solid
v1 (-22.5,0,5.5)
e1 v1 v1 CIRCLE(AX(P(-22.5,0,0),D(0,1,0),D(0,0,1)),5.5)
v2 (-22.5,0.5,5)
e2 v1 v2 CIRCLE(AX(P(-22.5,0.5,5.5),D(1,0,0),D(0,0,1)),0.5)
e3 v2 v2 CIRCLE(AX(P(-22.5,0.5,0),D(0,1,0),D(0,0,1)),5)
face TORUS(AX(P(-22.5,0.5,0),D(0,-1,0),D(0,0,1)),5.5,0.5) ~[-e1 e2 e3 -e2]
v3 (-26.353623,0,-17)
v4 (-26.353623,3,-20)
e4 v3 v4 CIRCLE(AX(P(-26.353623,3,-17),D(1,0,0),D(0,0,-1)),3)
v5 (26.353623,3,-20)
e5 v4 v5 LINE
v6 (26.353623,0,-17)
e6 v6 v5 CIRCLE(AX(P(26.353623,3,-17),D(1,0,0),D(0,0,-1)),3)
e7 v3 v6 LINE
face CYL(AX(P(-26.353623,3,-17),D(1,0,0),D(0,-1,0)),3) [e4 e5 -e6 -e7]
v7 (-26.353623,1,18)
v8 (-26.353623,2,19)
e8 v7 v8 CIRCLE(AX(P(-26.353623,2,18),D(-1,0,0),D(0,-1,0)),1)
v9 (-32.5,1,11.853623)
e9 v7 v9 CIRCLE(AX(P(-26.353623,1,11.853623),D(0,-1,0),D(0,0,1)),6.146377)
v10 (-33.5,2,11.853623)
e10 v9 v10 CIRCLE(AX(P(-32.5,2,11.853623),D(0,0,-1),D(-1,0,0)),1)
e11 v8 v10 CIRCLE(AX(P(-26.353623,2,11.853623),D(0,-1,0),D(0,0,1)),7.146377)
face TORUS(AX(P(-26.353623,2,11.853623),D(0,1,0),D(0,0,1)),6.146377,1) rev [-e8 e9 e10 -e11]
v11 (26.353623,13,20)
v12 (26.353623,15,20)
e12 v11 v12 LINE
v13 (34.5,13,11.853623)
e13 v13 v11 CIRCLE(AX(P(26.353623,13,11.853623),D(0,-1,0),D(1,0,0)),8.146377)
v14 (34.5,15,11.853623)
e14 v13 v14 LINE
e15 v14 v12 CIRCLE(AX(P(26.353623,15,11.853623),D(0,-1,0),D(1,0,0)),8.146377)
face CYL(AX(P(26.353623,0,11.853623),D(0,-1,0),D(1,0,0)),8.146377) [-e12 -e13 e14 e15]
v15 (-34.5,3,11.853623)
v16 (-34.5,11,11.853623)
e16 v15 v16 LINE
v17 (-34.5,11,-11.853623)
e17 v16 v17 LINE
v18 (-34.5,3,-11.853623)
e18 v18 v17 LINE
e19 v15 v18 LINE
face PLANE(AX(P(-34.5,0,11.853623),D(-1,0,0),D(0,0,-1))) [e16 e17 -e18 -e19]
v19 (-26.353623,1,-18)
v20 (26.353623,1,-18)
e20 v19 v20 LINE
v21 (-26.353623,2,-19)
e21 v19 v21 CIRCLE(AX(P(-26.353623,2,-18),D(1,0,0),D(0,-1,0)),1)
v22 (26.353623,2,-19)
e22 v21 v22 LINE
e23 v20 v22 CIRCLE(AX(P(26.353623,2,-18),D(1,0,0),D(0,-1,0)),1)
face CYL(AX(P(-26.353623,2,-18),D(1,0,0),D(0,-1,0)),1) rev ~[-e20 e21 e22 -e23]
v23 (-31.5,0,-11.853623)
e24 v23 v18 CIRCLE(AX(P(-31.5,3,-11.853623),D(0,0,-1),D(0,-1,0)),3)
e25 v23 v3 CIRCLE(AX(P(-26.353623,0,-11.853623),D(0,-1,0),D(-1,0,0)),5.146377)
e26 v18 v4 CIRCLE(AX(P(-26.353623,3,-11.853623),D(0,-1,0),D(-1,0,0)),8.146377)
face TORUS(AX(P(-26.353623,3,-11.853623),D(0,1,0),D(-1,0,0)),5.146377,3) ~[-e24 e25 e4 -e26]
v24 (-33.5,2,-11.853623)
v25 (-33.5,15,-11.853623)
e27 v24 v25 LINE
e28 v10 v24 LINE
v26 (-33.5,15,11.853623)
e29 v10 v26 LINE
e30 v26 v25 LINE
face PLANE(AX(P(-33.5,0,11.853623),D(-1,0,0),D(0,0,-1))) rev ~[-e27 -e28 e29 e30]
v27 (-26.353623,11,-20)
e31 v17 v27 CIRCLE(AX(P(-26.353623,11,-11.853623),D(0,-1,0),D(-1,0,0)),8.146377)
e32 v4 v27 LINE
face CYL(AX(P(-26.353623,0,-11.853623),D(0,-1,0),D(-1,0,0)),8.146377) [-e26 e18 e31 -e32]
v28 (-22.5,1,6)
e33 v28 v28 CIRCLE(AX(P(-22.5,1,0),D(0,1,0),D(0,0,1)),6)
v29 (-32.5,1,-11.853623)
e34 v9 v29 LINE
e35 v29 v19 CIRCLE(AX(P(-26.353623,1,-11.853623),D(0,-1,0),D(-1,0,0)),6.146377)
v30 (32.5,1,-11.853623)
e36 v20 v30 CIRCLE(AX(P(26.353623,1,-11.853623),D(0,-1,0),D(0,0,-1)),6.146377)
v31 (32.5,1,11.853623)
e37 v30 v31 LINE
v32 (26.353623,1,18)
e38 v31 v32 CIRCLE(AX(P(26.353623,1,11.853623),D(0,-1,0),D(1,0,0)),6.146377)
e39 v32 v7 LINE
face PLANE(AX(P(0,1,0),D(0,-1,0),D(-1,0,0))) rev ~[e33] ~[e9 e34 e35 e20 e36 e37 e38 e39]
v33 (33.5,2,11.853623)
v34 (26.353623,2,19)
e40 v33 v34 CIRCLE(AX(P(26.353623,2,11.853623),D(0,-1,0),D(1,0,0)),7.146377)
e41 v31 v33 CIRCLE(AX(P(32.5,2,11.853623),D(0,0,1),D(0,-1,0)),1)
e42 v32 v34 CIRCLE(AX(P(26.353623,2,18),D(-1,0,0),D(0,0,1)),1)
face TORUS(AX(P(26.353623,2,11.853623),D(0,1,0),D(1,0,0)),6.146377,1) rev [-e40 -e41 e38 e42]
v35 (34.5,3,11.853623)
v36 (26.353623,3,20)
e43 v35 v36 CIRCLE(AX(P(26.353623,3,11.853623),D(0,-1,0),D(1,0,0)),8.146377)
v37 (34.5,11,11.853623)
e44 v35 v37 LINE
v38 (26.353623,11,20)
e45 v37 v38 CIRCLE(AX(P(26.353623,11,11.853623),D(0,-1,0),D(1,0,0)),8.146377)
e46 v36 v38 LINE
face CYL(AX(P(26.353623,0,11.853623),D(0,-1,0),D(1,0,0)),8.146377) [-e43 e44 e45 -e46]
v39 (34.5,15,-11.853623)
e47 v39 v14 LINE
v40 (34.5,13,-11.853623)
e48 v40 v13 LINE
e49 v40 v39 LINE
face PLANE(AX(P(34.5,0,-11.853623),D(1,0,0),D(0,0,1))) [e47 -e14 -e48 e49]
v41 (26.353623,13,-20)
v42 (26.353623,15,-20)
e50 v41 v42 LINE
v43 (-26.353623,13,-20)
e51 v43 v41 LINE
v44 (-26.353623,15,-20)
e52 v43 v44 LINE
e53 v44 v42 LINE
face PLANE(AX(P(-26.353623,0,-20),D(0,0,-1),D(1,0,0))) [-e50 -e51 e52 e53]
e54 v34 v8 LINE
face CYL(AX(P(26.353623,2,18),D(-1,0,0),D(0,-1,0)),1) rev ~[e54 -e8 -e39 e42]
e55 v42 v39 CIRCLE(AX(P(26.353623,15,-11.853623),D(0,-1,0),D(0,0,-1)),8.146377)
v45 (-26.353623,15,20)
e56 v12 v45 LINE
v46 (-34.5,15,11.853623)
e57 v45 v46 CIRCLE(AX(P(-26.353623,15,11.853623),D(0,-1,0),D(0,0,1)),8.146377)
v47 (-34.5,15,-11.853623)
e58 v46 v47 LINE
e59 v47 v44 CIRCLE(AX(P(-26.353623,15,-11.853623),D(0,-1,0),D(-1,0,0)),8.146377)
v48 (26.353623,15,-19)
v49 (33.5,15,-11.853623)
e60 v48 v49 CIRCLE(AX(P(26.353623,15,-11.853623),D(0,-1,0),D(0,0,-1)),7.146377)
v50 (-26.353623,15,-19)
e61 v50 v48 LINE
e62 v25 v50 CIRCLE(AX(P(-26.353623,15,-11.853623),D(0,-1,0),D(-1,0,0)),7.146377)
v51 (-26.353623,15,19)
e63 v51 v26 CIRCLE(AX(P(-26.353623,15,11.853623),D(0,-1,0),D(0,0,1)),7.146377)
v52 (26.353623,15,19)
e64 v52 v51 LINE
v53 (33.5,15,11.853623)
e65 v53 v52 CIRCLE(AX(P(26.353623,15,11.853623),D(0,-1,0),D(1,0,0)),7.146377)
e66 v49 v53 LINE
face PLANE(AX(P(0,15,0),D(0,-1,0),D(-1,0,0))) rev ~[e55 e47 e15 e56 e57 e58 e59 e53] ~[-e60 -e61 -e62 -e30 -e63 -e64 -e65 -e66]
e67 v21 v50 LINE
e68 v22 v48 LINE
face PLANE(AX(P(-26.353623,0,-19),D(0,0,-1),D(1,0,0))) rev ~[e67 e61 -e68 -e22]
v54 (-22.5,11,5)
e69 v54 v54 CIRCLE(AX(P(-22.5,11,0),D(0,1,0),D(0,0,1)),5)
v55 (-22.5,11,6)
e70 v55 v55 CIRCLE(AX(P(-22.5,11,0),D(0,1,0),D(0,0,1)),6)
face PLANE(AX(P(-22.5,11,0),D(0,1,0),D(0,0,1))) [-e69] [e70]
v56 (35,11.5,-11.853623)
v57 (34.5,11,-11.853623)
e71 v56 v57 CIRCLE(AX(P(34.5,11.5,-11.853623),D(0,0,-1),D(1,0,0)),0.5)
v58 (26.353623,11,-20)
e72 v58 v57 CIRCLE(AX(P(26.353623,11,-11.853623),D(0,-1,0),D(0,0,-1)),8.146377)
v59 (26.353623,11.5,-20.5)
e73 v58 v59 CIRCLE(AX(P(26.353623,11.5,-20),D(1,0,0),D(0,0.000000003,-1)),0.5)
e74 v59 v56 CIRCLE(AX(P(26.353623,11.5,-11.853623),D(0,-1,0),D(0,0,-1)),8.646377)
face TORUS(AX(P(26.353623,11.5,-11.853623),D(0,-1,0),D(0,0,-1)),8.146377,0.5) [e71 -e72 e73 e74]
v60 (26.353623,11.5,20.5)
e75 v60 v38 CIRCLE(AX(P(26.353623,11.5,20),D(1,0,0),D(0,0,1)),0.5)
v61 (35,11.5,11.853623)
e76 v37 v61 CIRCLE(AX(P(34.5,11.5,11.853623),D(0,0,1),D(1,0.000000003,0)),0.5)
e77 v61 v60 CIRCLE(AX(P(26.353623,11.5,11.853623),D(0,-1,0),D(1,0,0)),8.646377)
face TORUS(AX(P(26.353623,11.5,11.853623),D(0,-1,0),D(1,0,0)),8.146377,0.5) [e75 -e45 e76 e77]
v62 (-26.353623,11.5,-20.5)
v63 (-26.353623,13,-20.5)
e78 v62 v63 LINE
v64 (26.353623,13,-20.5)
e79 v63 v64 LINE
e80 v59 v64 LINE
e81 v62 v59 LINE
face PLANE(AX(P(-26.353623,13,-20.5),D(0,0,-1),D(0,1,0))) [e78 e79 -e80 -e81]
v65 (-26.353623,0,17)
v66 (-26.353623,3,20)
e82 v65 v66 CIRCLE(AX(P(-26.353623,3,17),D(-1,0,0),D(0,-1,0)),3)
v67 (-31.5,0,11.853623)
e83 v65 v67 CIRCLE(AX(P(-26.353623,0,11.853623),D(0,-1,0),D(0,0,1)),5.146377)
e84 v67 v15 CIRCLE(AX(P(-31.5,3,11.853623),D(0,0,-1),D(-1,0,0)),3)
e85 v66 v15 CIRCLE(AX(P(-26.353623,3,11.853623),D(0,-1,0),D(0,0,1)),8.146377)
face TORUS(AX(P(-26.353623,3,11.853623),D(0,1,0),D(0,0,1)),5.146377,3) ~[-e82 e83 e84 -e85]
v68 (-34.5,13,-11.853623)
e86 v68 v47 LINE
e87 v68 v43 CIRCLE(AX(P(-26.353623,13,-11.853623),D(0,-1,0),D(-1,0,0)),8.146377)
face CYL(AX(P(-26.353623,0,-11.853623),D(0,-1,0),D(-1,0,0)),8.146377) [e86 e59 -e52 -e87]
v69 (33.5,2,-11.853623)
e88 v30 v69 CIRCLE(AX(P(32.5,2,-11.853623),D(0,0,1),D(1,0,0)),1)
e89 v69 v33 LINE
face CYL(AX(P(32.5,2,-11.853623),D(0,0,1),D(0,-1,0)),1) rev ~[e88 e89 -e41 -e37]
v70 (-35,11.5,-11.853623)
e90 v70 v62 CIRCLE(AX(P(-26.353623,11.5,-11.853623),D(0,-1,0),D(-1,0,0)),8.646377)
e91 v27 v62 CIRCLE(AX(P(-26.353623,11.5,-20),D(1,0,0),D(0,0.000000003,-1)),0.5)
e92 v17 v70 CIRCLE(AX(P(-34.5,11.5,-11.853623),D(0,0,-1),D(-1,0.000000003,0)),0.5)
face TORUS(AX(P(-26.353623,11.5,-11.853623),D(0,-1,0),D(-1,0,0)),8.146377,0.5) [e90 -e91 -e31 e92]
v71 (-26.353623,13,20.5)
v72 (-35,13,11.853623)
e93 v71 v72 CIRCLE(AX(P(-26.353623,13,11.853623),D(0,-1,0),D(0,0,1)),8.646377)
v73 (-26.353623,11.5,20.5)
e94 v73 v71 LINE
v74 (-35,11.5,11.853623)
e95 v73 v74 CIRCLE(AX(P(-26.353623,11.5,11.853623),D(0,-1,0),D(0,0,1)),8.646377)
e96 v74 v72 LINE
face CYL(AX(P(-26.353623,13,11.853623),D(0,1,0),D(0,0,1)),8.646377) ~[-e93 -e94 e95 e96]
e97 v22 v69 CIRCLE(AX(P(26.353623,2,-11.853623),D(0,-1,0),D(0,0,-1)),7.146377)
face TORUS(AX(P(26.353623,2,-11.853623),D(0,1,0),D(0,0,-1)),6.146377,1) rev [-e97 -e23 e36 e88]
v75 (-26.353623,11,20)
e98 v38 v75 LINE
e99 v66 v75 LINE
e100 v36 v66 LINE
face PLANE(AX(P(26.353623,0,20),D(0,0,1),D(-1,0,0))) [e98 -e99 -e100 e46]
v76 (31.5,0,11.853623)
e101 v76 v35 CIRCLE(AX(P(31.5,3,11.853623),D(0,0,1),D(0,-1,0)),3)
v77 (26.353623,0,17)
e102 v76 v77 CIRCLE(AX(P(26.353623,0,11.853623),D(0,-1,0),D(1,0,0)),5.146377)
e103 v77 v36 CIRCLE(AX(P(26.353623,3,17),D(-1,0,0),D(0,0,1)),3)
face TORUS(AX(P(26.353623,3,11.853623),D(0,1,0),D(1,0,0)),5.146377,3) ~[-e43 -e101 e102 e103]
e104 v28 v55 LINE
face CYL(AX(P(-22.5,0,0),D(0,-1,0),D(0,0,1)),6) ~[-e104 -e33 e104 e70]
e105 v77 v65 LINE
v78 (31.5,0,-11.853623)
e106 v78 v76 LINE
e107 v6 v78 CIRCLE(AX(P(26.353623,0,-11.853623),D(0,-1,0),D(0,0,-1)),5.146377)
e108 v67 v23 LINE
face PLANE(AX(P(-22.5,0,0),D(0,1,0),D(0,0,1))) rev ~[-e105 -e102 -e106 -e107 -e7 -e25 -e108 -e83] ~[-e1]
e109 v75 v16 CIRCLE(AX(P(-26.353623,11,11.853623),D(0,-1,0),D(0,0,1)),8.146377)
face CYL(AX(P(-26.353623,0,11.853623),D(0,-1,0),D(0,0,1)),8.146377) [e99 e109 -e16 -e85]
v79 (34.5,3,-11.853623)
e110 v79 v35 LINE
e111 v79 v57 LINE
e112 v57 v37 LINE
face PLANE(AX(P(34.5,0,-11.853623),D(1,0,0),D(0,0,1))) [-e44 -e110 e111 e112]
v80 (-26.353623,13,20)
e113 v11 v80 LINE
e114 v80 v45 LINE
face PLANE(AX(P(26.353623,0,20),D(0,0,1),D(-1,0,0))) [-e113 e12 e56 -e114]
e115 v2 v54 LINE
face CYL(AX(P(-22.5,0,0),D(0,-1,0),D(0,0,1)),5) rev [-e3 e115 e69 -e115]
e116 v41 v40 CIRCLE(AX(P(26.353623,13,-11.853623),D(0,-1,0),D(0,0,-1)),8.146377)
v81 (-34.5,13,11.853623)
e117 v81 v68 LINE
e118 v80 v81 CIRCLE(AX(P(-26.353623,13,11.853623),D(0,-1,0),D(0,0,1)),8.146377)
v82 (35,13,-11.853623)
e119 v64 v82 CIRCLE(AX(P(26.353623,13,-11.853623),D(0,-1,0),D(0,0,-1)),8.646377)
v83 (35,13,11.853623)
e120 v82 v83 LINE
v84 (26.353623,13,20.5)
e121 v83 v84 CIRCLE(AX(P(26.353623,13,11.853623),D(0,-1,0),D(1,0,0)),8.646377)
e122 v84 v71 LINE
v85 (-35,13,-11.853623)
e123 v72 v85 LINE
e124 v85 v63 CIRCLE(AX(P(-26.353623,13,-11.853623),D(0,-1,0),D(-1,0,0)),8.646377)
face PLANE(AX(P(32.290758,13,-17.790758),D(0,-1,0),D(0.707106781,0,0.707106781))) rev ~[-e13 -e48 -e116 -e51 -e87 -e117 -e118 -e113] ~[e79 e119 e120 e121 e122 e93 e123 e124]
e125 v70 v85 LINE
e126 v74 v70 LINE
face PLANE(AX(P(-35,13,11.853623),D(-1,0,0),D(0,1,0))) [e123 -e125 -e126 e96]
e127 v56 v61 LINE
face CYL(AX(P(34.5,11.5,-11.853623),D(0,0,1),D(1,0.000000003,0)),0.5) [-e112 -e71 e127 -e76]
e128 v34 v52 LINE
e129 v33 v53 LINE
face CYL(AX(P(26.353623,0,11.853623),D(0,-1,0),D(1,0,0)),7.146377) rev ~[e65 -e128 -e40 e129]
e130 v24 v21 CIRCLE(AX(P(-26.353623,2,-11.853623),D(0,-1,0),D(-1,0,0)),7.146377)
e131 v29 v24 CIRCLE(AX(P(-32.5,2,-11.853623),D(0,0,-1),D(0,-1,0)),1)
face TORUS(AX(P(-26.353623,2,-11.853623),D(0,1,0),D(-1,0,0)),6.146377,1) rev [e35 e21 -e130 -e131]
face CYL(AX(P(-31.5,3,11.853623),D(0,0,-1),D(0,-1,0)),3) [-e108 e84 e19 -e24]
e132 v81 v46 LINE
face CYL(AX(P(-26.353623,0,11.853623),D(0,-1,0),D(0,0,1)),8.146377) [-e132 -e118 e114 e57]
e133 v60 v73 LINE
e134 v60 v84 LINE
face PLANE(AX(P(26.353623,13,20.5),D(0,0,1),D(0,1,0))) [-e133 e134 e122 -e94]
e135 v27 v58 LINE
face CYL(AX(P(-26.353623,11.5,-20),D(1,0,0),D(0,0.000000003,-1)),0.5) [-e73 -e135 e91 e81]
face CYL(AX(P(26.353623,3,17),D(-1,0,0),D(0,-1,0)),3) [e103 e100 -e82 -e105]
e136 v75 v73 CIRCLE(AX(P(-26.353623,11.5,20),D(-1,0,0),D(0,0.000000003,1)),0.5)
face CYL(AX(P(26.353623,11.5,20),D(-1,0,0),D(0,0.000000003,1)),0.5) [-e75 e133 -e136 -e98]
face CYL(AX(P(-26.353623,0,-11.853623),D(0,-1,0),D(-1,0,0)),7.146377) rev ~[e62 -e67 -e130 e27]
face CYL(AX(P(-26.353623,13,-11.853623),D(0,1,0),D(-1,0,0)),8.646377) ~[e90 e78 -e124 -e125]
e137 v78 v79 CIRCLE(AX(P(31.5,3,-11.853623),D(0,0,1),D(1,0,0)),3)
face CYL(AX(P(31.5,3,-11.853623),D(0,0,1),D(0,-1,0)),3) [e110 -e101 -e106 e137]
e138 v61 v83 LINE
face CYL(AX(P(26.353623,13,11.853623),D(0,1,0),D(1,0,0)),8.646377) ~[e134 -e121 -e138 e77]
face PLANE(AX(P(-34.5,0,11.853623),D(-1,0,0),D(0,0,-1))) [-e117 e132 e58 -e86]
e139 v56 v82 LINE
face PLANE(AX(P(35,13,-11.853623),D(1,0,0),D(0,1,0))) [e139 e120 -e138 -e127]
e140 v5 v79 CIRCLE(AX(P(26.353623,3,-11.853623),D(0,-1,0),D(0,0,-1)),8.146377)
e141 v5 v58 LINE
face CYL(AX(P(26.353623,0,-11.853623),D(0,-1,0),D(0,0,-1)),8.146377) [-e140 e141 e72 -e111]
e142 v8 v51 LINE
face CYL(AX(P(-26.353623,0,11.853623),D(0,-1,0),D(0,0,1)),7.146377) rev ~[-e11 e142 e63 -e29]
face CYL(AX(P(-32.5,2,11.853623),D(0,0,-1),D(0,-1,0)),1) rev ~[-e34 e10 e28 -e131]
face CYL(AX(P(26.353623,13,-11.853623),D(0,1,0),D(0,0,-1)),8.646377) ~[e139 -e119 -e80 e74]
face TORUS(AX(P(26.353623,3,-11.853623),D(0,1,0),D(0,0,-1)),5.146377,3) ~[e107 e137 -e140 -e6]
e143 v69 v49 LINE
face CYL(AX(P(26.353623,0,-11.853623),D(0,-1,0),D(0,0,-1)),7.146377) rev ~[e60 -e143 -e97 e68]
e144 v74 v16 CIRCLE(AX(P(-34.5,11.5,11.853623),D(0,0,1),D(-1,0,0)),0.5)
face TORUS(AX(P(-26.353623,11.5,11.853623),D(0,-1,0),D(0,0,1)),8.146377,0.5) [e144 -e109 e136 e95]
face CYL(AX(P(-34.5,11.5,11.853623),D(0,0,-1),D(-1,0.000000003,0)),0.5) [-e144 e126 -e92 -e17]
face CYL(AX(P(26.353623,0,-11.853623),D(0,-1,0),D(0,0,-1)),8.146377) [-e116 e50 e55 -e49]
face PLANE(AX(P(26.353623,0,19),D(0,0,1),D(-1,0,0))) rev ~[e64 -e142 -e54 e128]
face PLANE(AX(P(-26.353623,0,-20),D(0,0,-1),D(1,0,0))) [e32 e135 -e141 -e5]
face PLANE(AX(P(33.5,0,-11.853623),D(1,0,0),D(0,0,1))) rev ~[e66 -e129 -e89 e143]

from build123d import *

# Parameters (mm, degrees)
DODANIE_WYCI_GNI_CIE1_DEPTH = 15
SZKIC1_3_R                  = 6
DODANIE_WYCI_GNI_CIE2_DEPTH = 1
SZKIC1_4_R                  = 6
SZKIC1_4_R_2                = 5
DODANIE_WYCI_GNI_CIE3_DEPTH = 11
ZAOKR_GLENIE1_R             = 3
ZAOKR_GLENIE2_R             = 0.5
ZAOKR_GLENIE3_R             = 1


with BuildPart() as part:
    # Szkic1 → Dodanie-wyciągnięcie1 (new body)
    with BuildSketch(Plane(origin=(0, 0, 0), x_dir=(1, 0, 0), z_dir=(0, 1, 0))):
        with BuildLine():
            Line((-26.353622573, 20), (26.353622573, 20))
            ThreePointArc((26.353622573, 20), (32.113981294, 17.613981294), (34.5, 11.853622573))
            Line((34.5, 11.853622573), (34.5, -11.853622573))
            ThreePointArc((34.5, -11.853622573), (32.113981294, -17.613981294), (26.353622573, -20))
            Line((26.353622573, -20), (-26.353622573, -20))
            ThreePointArc((-26.353622573, -20), (-32.113981294, -17.613981294), (-34.5, -11.853622573))
            Line((-34.5, -11.853622573), (-34.5, 11.853622573))
            ThreePointArc((-34.5, 11.853622573), (-32.113981294, 17.613981294), (-26.353622573, 20))
        make_face()
        with BuildLine():
            Line((-26.353622573, 19), (26.353622573, 19))
            ThreePointArc((26.353622573, 19), (31.406874513, 16.906874513), (33.5, 11.853622573))
            Line((33.5, 11.853622573), (33.5, -11.853622573))
            ThreePointArc((33.5, -11.853622573), (31.406874513, -16.906874513), (26.353622573, -19))
            Line((26.353622573, -19), (-26.353622573, -19))
            ThreePointArc((-26.353622573, -19), (-31.406874513, -16.906874513), (-33.5, -11.853622573))
            Line((-33.5, -11.853622573), (-33.5, 11.853622573))
            ThreePointArc((-33.5, 11.853622573), (-31.406874513, 16.906874513), (-26.353622573, 19))
        make_face(mode=Mode.SUBTRACT)
    extrude(amount=DODANIE_WYCI_GNI_CIE1_DEPTH)

    # Szkic1<3> → Dodanie-wyciągnięcie2 (add)
    with BuildSketch(Plane(origin=(0, 0, 0), x_dir=(1, 0, 0), z_dir=(0, 1, 0))):
        with BuildLine():
            Line((26.353622573, 19), (-26.353622573, 19))
            ThreePointArc((-26.353622573, 19), (-31.406874513, 16.906874513), (-33.5, 11.853622573))
            Line((-33.5, 11.853622573), (-33.5, -11.853622573))
            ThreePointArc((-33.5, -11.853622573), (-31.406874513, -16.906874513), (-26.353622573, -19))
            Line((-26.353622573, -19), (26.353622573, -19))
            ThreePointArc((26.353622573, -19), (31.406874513, -16.906874513), (33.5, -11.853622573))
            Line((33.5, -11.853622573), (33.5, 11.853622573))
            ThreePointArc((33.5, 11.853622573), (31.406874513, 16.906874513), (26.353622573, 19))
        make_face()
        with Locations((-22.5, 0)):
            Circle(SZKIC1_3_R, mode=Mode.SUBTRACT)
    extrude(amount=DODANIE_WYCI_GNI_CIE2_DEPTH)

    # Szkic1<4> → Dodanie-wyciągnięcie3 (add)
    with BuildSketch(Plane(origin=(0, 0, 0), x_dir=(1, 0, 0), z_dir=(0, 1, 0))):
        with Locations((-22.5, 0)):
            Circle(SZKIC1_4_R)
        with Locations((-22.5, 0)):
            Circle(SZKIC1_4_R_2, mode=Mode.SUBTRACT)
    extrude(amount=DODANIE_WYCI_GNI_CIE3_DEPTH)

    # Zaokrąglenie1
    zaokr_glenie1_edges = [part.edges().sort_by_distance(p)[0] for p in [
        (-34.5, 0, 0),
        (-32.113981294, 0, -17.613981294),
        (0, 0, -20),
        (32.113981294, 0, -17.613981294),
        (34.5, 0, 0),
        (32.113981294, 0, 17.613981294),
        (-32.113981294, 0, 17.613981294),
        (0, 0, 20),
    ]]
    fillet(zaokr_glenie1_edges, radius=ZAOKR_GLENIE1_R)

    # Wyciągnięcie po ścieżce1: sweep along a path in Szkic2
    with BuildLine(Plane(origin=(0, 13, 0), x_dir=(1, 0, 0), z_dir=(0, 1, 0))) as wyci_gni_cie_po_cie_ce1_path:
        Line((-26.353622573, 20), (26.353622573, 20))
        ThreePointArc((26.353622573, 20), (32.113981294, 17.613981294), (34.5, 11.853622573))
        Line((34.5, 11.853622573), (34.5, -11.853622573))
        ThreePointArc((34.5, -11.853622573), (32.113981294, -17.613981294), (26.353622573, -20))
        Line((26.353622573, -20), (-26.353622573, -20))
        ThreePointArc((-26.353622573, -20), (-32.113981294, -17.613981294), (-34.5, -11.853622573))
        Line((-34.5, -11.853622573), (-34.5, 11.853622573))
        ThreePointArc((-34.5, 11.853622573), (-32.113981294, 17.613981294), (-26.353622573, 20))
    # Szkic3 → Wyciągnięcie po ścieżce1 (sweep)
    with BuildSketch(Plane(origin=(0, 0, 0), x_dir=(0, 0, -1), z_dir=(1, 0, 0))):
        with BuildLine():
            Line((20, 13), (20.5, 13))
            Line((20.5, 13), (20.5, 11.5))
            ThreePointArc((20.5, 11.5), (20.353553391, 11.146446609), (20, 11))
            Line((20, 11), (20, 13))
        make_face()
    sweep(path=wyci_gni_cie_po_cie_ce1_path.line)

    # Zaokrąglenie2
    zaokr_glenie2_edges = [part.edges().sort_by_distance(p)[0] for p in [
        (-27.5, 0, 0),
    ]]
    fillet(zaokr_glenie2_edges, radius=ZAOKR_GLENIE2_R)

    # Zaokrąglenie3
    zaokr_glenie3_edges = [part.edges().sort_by_distance(p)[0] for p in [
        (-31.406874513, 1, 16.906874513),
        (-33.5, 1, 0),
        (-31.406874513, 1, -16.906874513),
        (0, 1, -19),
        (31.406874513, 1, -16.906874513),
        (33.5, 1, 0),
        (31.406874513, 1, 16.906874513),
        (0, 1, 19),
    ]]
    fillet(zaokr_glenie3_edges, radius=ZAOKR_GLENIE3_R)


solid = part.part
